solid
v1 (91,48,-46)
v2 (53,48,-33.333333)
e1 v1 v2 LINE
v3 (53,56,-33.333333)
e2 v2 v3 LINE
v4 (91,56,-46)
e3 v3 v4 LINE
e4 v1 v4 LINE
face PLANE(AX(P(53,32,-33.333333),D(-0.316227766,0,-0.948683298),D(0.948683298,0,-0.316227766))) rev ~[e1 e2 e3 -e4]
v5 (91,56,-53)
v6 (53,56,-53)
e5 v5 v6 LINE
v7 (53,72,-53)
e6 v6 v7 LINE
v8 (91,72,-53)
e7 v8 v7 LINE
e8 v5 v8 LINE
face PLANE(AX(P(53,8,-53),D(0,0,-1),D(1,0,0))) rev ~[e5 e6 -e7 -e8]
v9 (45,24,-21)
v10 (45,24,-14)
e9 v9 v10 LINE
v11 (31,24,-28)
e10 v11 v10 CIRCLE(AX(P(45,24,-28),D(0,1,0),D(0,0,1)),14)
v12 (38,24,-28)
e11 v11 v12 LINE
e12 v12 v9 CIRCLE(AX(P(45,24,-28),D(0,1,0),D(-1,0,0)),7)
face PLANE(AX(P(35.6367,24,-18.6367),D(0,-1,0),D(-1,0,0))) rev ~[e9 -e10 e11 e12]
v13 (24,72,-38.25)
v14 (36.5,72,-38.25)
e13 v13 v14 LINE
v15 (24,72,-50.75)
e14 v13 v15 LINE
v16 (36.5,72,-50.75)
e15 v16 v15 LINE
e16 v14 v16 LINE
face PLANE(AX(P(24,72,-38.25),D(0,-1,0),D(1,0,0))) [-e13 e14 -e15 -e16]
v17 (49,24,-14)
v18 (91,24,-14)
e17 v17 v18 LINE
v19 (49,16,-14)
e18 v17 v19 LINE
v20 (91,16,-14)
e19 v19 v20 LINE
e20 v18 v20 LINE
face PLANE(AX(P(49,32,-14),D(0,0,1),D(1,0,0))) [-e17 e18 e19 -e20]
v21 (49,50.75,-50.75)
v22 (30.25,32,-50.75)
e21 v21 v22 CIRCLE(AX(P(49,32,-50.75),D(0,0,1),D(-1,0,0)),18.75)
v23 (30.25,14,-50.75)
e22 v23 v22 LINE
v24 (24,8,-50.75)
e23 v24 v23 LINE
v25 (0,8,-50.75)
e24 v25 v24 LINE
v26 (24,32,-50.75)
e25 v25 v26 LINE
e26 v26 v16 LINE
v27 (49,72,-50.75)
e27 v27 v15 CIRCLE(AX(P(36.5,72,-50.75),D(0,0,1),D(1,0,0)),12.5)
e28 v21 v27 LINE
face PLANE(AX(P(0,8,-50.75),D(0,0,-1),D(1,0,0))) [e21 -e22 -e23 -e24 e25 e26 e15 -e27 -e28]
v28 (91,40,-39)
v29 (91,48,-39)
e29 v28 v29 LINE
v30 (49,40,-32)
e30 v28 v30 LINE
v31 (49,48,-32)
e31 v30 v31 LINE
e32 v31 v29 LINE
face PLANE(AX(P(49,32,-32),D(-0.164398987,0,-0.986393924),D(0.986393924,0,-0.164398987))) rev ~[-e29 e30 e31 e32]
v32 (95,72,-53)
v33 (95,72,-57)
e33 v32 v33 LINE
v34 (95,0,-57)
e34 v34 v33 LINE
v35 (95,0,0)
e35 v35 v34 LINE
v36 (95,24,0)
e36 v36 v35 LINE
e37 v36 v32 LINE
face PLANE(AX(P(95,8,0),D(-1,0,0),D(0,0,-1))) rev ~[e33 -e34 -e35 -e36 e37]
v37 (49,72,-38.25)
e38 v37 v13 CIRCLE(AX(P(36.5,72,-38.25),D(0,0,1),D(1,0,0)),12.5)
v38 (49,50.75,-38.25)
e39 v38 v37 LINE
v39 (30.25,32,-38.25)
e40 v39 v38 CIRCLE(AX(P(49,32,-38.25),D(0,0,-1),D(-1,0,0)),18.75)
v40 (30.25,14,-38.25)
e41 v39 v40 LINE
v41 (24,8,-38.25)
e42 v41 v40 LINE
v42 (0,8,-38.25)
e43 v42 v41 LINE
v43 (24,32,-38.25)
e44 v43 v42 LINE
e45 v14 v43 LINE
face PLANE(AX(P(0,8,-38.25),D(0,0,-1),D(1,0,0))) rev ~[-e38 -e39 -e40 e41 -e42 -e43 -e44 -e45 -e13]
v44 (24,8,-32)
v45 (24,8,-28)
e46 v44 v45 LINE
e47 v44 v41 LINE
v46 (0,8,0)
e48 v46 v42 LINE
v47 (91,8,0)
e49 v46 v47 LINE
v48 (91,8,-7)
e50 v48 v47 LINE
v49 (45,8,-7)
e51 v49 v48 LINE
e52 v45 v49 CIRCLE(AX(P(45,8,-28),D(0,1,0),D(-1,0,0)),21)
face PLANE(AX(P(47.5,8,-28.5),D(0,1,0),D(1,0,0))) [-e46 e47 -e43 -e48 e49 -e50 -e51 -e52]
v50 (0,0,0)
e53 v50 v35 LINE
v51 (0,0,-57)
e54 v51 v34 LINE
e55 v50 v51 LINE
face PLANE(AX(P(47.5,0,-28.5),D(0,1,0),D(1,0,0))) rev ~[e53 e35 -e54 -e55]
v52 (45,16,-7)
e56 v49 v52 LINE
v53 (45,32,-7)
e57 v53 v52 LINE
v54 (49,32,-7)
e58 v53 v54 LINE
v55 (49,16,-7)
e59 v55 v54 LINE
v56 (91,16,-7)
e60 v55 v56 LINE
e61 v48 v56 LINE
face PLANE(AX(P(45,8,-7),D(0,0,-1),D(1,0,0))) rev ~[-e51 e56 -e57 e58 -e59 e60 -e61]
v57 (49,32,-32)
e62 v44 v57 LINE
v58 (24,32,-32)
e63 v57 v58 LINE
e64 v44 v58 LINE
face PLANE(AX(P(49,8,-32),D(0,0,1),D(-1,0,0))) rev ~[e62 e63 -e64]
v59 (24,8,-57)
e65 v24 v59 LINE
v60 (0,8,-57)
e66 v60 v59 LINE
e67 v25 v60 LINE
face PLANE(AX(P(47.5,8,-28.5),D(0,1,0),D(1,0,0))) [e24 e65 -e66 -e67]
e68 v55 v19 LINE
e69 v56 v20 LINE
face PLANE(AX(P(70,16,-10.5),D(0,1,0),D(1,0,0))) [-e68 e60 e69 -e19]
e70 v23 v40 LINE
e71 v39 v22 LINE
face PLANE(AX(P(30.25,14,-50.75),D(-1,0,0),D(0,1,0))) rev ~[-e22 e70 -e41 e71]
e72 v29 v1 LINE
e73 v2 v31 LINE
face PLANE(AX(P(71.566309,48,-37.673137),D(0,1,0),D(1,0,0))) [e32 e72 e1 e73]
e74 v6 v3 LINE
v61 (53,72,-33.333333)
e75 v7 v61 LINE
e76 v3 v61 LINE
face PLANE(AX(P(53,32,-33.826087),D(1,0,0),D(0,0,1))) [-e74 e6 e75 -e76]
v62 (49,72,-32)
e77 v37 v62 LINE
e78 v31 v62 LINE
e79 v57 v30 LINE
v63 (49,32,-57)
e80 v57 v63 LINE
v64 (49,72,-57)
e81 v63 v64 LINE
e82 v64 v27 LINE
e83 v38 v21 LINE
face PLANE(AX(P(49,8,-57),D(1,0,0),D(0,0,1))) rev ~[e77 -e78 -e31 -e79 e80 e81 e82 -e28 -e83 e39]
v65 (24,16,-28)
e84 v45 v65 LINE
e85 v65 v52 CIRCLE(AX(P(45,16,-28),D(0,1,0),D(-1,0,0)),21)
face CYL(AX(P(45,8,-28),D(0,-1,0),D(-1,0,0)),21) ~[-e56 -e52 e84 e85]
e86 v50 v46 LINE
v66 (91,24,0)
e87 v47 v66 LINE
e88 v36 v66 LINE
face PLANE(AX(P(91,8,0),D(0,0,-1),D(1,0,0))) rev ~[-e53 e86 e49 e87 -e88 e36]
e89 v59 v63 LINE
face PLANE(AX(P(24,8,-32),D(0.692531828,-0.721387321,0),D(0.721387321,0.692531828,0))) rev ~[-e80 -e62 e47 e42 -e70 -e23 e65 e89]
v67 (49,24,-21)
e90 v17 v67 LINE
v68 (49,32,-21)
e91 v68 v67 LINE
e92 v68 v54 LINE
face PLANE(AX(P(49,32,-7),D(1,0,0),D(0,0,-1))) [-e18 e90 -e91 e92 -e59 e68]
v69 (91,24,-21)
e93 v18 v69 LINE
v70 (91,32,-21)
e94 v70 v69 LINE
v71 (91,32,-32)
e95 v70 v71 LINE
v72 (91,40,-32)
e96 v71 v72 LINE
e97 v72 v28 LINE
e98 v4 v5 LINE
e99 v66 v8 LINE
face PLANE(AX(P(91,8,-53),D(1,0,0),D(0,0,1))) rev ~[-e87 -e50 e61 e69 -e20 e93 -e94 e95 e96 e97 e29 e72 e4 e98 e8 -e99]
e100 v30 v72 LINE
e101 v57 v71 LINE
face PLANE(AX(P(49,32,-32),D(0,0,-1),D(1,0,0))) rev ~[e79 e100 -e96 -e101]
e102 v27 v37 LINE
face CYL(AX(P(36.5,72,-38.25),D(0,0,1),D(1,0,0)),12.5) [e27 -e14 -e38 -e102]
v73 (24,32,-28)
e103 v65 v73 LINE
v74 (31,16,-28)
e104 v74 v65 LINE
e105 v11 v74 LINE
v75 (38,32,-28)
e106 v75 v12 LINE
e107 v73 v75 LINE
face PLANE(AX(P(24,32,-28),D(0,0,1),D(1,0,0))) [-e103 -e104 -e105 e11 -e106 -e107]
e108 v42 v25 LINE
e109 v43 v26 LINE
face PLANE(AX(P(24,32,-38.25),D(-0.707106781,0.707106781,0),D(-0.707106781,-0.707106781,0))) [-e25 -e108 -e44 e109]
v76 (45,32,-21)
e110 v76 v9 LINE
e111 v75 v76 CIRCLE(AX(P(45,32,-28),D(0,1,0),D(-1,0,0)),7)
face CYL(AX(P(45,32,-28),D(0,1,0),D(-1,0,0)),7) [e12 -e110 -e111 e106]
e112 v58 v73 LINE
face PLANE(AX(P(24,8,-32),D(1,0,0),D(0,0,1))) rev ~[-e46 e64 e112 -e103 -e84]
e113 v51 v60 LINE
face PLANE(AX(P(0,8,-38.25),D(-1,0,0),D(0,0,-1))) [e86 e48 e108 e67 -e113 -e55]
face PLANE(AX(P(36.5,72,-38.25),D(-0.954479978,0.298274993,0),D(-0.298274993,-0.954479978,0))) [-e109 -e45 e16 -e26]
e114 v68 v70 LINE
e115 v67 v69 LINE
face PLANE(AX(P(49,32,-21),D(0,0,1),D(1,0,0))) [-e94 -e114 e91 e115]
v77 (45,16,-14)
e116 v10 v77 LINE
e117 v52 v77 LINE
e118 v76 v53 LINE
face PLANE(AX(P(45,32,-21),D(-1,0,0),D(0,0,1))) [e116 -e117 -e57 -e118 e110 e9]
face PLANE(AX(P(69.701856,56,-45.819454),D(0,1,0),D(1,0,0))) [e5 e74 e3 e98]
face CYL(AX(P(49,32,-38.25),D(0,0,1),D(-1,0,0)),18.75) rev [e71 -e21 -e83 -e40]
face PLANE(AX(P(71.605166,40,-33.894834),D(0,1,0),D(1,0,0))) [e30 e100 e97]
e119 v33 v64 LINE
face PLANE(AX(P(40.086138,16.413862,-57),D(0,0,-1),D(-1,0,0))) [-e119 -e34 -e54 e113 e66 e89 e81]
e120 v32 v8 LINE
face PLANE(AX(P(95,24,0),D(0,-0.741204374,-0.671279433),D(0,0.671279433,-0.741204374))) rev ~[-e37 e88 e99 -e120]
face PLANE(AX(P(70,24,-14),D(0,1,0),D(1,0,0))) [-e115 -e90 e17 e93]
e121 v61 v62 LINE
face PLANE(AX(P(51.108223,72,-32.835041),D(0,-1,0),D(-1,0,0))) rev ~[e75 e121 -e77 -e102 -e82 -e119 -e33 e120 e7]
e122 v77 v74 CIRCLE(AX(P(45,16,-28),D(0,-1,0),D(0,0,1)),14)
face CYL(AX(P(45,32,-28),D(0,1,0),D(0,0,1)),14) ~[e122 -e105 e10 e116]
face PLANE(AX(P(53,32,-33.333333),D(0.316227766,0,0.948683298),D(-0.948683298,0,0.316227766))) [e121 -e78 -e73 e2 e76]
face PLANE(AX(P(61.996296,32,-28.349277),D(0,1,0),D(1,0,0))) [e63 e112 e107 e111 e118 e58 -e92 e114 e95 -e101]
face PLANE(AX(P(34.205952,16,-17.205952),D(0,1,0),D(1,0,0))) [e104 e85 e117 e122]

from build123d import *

# Parameters (mm, degrees)
CROQUIS1_W               = 95
CROQUIS1_H               = 57
SALIENTE_EXTRUIR1_DEPTH  = 8
SALIENTE_EXTRUIR2_DEPTH  = 64
SALIENTE_EXTRUIR3_DEPTH  = 24
CROQUIS4_W               = 42
CROQUIS4_H               = 14
CORTAR_EXTRUIR1_DEPTH    = 8
CROQUIS5_W               = 42
CROQUIS5_H               = 7
CORTAR_EXTRUIR2_DEPTH    = 16
CORTAR_EXTRUIR3_DEPTH    = 16
SALIENTE_EXTRUIR6_DEPTH  = 8
SALIENTE_EXTRUIR8_DEPTH  = 16
SALIENTE_EXTRUIR9_DEPTH  = 40
SALIENTE_EXTRUIR10_DEPTH = 24
SALIENTE_EXTRUIR12_DEPTH = 25
CROQUIS13_W              = 49
CROQUIS13_H              = 12.5
SALIENTE_EXTRUIR13_DEPTH = 77.5
CORTAR_EXTRUIR4_DEPTH    = 19.75
CORTAR_EXTRUIR5_REACH    = 52.75


with BuildPart() as part:
    # Croquis1 → Saliente-Extruir1 (new body)
    with BuildSketch(Plane(origin=(0, 0, 0), x_dir=(1, 0, 0), z_dir=(0, 1, 0))):
        with Locations((47.5, 28.5)):
            Rectangle(CROQUIS1_W, CROQUIS1_H)
    extrude(amount=SALIENTE_EXTRUIR1_DEPTH)

    # Croquis2 → Saliente-Extruir2 (add)
    with BuildSketch(Plane(origin=(0, 8, 0), x_dir=(1, 0, 0), z_dir=(0, 1, 0))):
        Polygon((95, 0), (95, 7), (95, 53), (95, 57), (49, 57), (49, 32), (53, 33.826086957), (53, 53), (91, 53), (91, 7), (91, 0), align=None)
    extrude(amount=SALIENTE_EXTRUIR2_DEPTH)

    # Croquis3 → Saliente-Extruir3 (add)
    with BuildSketch(Plane(origin=(0, 8, 0), x_dir=(1, 0, 0), z_dir=(0, 1, 0))):
        with BuildLine():
            Line((45, 7), (91, 7))
            Line((91, 7), (91, 53))
            Line((91, 53), (53, 53))
            Line((53, 53), (53, 33.826086957))
            Line((53, 33.826086957), (49, 32))
            Line((49, 32), (24, 32))
            Line((24, 32), (24, 28))
            ThreePointArc((24, 28), (30.150757595, 13.150757595), (45, 7))
        make_face()
    extrude(amount=SALIENTE_EXTRUIR3_DEPTH)

    # Croquis4 → Cortar-Extruir1 (cut)
    with BuildSketch(Plane(origin=(0, 32, 0), x_dir=(1, 0, 0), z_dir=(0, 1, 0))):
        with BuildLine():
            ThreePointArc((38, 28), (40.050252532, 23.050252532), (45, 21))
            Line((45, 21), (45, 7))
            ThreePointArc((45, 7), (30.150757595, 13.150757595), (24, 28))
            Line((24, 28), (38, 28))
        make_face()
        with Locations((70, 14)):
            Rectangle(CROQUIS4_W, CROQUIS4_H)
    extrude(amount=-CORTAR_EXTRUIR1_DEPTH, mode=Mode.SUBTRACT)

    # Croquis5 → Cortar-Extruir2 (cut)
    with BuildSketch(Plane(origin=(0, 32, 0), x_dir=(1, 0, 0), z_dir=(0, 1, 0))):
        with BuildLine():
            ThreePointArc((45, 14), (35.100505063, 18.100505063), (31, 28))
            Line((31, 28), (24, 28))
            ThreePointArc((24, 28), (30.150757595, 13.150757595), (45, 7))
            Line((45, 7), (45, 14))
        make_face()
        with Locations((70, 10.5)):
            Rectangle(CROQUIS5_W, CROQUIS5_H)
    extrude(amount=-CORTAR_EXTRUIR2_DEPTH, mode=Mode.SUBTRACT)

    # Croquis6 → Cortar-Extruir3 (cut)
    with BuildSketch(Plane(origin=(95, 0, 0), x_dir=(0, 0, -1), z_dir=(1, 0, 0))):
        Polygon((0, 72), (0, 24), (53, 72), align=None)
    extrude(amount=-CORTAR_EXTRUIR3_DEPTH, mode=Mode.SUBTRACT)



with BuildPart() as body_2:
    # Croquis7 → Saliente-Extruir6 (new body)
    with BuildSketch(Plane(origin=(0, 32, 0), x_dir=(1, 0, 0), z_dir=(0, 1, 0))):
        Polygon((49, 32), (91, 32), (91, 39), align=None)
    extrude(amount=SALIENTE_EXTRUIR6_DEPTH)


with BuildPart() as body_3:
    # Croquis9 → Saliente-Extruir8 (new body)
    with BuildSketch(Plane(origin=(0, 32, 0), x_dir=(1, 0, 0), z_dir=(0, 1, 0))):
        Polygon((91, 39), (91, 46), (49, 32), align=None)
    extrude(amount=SALIENTE_EXTRUIR8_DEPTH)


with BuildPart() as part_1:
    add(part.part)

    add(body_2.part)  # Saliente-Extruir9 merges body 2

    add(body_3.part)  # Saliente-Extruir9 merges body 3
    # Croquis10 → Saliente-Extruir9 (add)
    with BuildSketch(Plane(origin=(0, 32, 0), x_dir=(1, 0, 0), z_dir=(0, 1, 0))):
        Polygon((49, 32), (53, 33.826086957), (53, 33.333333333), align=None)
    extrude(amount=SALIENTE_EXTRUIR9_DEPTH)

    # Croquis11 → Saliente-Extruir10 (add)
    with BuildSketch(Plane(origin=(0, 32, 0), x_dir=(1, 0, 0), z_dir=(0, 1, 0))):
        Polygon((53, 53), (53, 33.333333333), (91, 46), (91, 53), align=None)
    extrude(amount=SALIENTE_EXTRUIR10_DEPTH)

    # Croquis12 → Saliente-Extruir12 (add)
    with BuildSketch(Plane(origin=(0, 0, -32), x_dir=(-1, 0, 0), z_dir=(0, 0, -1))):
        Polygon((-49, 32), (-49, 8), (-24, 8), align=None)
    extrude(amount=SALIENTE_EXTRUIR12_DEPTH)

    # Croquis13 → Saliente-Extruir13 (add)
    with BuildSketch(Plane(origin=(0, 8, 0), x_dir=(1, 0, 0), z_dir=(0, 1, 0))):
        with Locations((24.5, 44.5)):
            Rectangle(CROQUIS13_W, CROQUIS13_H)
    extrude(amount=SALIENTE_EXTRUIR13_DEPTH)

    # Croquis14 → Cortar-Extruir4 (cut, through all)
    with BuildSketch(Plane.XY.offset(-38.25)):
        with BuildLine():
            Line((24, 32), (0, 8))
            Line((0, 8), (0, 85.5))
            Line((0, 85.5), (49, 85.5))
            Line((49, 85.5), (49, 72))
            ThreePointArc((49, 72), (36.5, 84.5), (24, 72))
            Line((24, 72), (36.5, 72))
            Line((36.5, 72), (24, 32))
        make_face()
        with BuildLine():
            Line((49, 50.75), (49, 32))
            Line((49, 32), (30.25, 32))
            ThreePointArc((30.25, 32), (35.741747853, 45.258252147), (49, 50.75))
        make_face()
    extrude(amount=-CORTAR_EXTRUIR4_DEPTH, mode=Mode.SUBTRACT)

    # Croquis15 → Cortar-Extruir5 (cut, up to next)
    with BuildSketch(Plane(origin=(0, 0, -50.75), x_dir=(-1, 0, 0), z_dir=(0, 0, -1)), mode=Mode.PRIVATE) as cortar_extruir5_sk1:
        Polygon((-30.25, 32), (-49, 32), (-30.25, 14), align=None)
    cortar_extruir5_tool1 = extrude(cortar_extruir5_sk1.sketch, amount=-CORTAR_EXTRUIR5_REACH, mode=Mode.PRIVATE) & part_1.part
    add(cortar_extruir5_tool1.solids().sort_by_distance((36.5, 26, -50.75))[0], mode=Mode.SUBTRACT)


solid = part_1.part
